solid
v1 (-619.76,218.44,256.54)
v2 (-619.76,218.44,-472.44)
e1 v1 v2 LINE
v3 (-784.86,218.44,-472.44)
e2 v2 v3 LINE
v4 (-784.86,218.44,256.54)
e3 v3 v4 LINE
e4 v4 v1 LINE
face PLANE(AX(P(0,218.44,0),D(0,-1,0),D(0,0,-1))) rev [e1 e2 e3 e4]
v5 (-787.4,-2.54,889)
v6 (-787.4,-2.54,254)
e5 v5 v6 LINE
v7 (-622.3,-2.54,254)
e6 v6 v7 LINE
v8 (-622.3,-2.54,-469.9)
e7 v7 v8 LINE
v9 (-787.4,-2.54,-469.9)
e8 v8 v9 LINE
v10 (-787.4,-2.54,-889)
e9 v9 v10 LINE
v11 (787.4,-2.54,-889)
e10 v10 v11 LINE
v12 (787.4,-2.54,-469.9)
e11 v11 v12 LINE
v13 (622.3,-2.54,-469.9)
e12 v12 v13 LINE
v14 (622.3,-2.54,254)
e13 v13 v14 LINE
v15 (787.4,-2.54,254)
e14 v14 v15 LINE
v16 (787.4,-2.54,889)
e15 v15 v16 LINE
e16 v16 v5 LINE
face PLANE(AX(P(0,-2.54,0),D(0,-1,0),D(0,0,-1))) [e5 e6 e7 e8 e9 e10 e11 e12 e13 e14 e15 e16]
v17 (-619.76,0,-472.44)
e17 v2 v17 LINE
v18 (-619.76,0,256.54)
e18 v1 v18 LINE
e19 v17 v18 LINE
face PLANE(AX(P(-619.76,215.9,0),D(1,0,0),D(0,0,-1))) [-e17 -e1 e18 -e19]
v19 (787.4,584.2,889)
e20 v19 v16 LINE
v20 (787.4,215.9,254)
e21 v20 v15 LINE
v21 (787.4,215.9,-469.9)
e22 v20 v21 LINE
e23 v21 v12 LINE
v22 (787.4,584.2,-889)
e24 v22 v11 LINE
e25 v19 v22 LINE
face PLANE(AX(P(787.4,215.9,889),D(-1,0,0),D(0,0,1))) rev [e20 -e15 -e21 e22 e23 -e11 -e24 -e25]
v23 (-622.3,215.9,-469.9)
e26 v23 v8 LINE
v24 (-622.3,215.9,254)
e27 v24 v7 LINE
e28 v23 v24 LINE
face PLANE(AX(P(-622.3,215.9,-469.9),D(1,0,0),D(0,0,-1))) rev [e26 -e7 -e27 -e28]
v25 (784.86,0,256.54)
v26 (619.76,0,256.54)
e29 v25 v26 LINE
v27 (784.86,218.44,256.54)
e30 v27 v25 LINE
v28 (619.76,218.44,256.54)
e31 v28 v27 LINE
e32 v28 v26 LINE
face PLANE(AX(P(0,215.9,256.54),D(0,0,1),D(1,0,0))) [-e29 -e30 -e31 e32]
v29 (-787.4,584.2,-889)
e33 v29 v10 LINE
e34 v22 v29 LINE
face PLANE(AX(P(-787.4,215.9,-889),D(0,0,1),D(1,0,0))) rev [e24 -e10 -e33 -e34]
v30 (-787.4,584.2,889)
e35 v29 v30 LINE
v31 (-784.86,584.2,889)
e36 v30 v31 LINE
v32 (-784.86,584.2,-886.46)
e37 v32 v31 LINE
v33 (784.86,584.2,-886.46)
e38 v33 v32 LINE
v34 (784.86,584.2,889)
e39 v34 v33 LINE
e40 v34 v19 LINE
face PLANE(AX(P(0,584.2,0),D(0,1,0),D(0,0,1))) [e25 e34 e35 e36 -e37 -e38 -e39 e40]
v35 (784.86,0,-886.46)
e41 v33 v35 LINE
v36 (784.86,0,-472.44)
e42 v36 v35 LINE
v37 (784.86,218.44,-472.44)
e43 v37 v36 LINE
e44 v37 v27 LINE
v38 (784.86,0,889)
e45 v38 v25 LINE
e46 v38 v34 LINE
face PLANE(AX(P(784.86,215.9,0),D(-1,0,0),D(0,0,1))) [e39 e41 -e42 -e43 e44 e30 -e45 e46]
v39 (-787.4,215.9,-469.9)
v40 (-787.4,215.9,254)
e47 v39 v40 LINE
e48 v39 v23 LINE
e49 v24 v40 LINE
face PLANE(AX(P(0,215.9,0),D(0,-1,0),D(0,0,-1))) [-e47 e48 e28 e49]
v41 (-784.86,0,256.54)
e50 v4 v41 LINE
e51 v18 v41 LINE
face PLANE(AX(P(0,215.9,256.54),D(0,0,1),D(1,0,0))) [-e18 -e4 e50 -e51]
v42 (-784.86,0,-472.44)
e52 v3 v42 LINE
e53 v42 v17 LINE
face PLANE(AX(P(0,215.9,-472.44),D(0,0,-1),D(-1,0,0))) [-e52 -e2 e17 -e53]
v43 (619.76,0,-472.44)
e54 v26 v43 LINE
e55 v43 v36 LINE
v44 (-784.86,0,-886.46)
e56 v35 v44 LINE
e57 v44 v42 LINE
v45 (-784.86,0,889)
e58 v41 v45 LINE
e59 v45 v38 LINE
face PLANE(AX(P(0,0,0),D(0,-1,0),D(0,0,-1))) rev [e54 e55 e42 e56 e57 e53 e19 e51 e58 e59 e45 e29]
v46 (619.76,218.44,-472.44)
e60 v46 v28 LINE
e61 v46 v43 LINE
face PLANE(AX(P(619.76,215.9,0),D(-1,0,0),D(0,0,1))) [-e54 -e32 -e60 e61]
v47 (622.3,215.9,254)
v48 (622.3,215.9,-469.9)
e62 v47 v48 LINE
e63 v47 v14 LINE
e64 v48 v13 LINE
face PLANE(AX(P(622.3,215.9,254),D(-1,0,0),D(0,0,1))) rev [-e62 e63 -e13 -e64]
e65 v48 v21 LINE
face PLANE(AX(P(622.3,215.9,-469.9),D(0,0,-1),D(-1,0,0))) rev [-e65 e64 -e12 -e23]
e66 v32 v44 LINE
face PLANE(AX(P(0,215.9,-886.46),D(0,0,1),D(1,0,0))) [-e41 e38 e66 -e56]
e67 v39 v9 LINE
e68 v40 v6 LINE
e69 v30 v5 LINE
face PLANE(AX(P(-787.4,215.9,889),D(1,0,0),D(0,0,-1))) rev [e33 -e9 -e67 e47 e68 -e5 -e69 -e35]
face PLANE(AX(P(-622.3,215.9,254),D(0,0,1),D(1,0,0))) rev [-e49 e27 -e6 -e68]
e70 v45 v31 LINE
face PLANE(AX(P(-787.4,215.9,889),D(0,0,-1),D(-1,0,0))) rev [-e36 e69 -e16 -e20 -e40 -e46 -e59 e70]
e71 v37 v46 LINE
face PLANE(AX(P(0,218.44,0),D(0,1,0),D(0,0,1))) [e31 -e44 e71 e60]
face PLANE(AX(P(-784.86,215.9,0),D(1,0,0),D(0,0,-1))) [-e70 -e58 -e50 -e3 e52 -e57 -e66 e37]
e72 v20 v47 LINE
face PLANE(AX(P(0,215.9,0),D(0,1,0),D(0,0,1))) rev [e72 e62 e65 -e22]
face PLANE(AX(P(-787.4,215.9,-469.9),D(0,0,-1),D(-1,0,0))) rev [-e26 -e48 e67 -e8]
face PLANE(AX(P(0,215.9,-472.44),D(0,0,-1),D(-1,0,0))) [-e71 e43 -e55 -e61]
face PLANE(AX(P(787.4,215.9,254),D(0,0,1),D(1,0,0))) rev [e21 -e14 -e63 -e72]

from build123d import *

# Parameters (mm, degrees)
EXTRUDE_THIN1_DEPTH = 215.9
SKETCH4_W           = 167.64
SKETCH4_H           = 728.98
BOSS_EXTRUDE3_DEPTH = 2.54
SKETCH6_W           = 1574.8
SKETCH6_H           = 1778
SKETCH6_W_2         = 1569.72
SKETCH6_H_2         = 1772.92
BOSS_EXTRUDE4_DEPTH = 368.3
BOSS_EXTRUDE6_DEPTH = 2.54
SKETCH9_W           = 1569.72
SKETCH9_H           = 2.54
CUT_EXTRUDE1_DEPTH  = 584.2


with BuildPart() as part:
    # Sketch1 → Extrude-Thin1 (new body)
    with BuildSketch(Plane(origin=(0, 0, 0), x_dir=(1, 0, 0), z_dir=(0, 1, 0))):
        Polygon((787.4, 889), (-787.4, 889), (-787.4, 469.9), (-622.3, 469.9), (-622.3, -254), (-787.4, -254), (-787.4, -889), (787.4, -889), (787.4, -254), (622.3, -254), (622.3, 469.9), (787.4, 469.9), align=None)
        Polygon((784.86, 886.46), (-784.86, 886.46), (-784.86, 472.44), (-619.76, 472.44), (-619.76, -256.54), (-784.86, -256.54), (-784.86, -886.46), (784.86, -886.46), (784.86, -256.54), (619.76, -256.54), (619.76, 472.44), (784.86, 472.44), align=None, mode=Mode.SUBTRACT)
    extrude(amount=EXTRUDE_THIN1_DEPTH)

    # Sketch4 → Boss-Extrude3 (add)
    with BuildSketch(Plane(origin=(0, 215.9, 0), x_dir=(1, 0, 0), z_dir=(0, 1, 0))):
        with Locations((-703.58, 107.95)):
            Rectangle(SKETCH4_W, SKETCH4_H)
        with Locations((703.58, 107.95)):
            Rectangle(SKETCH4_W, SKETCH4_H)
    extrude(amount=BOSS_EXTRUDE3_DEPTH)

    # Sketch6 → Boss-Extrude4 (add)
    with BuildSketch(Plane(origin=(0, 215.9, 0), x_dir=(1, 0, 0), z_dir=(0, 1, 0))):
        Rectangle(SKETCH6_W, SKETCH6_H)
        Rectangle(SKETCH6_W_2, SKETCH6_H_2, mode=Mode.SUBTRACT)
    extrude(amount=BOSS_EXTRUDE4_DEPTH)

    # Sketch8 → Boss-Extrude6 (add)
    with BuildSketch(Plane.XZ):
        Polygon((787.4, -889), (787.4, -469.9), (622.3, -469.9), (622.3, 254), (787.4, 254), (787.4, 889), (-787.4, 889), (-787.4, 254), (-622.3, 254), (-622.3, -469.9), (-787.4, -469.9), (-787.4, -889), align=None)
    extrude(amount=BOSS_EXTRUDE6_DEPTH)

    # Sketch9 → Cut-Extrude1 (cut)
    with BuildSketch(Plane(origin=(0, 584.2, 0), x_dir=(1, 0, 0), z_dir=(0, 1, 0))):
        with Locations((0, -887.73)):
            Rectangle(SKETCH9_W, SKETCH9_H)
    extrude(amount=-CUT_EXTRUDE1_DEPTH, mode=Mode.SUBTRACT)


solid = part.part
